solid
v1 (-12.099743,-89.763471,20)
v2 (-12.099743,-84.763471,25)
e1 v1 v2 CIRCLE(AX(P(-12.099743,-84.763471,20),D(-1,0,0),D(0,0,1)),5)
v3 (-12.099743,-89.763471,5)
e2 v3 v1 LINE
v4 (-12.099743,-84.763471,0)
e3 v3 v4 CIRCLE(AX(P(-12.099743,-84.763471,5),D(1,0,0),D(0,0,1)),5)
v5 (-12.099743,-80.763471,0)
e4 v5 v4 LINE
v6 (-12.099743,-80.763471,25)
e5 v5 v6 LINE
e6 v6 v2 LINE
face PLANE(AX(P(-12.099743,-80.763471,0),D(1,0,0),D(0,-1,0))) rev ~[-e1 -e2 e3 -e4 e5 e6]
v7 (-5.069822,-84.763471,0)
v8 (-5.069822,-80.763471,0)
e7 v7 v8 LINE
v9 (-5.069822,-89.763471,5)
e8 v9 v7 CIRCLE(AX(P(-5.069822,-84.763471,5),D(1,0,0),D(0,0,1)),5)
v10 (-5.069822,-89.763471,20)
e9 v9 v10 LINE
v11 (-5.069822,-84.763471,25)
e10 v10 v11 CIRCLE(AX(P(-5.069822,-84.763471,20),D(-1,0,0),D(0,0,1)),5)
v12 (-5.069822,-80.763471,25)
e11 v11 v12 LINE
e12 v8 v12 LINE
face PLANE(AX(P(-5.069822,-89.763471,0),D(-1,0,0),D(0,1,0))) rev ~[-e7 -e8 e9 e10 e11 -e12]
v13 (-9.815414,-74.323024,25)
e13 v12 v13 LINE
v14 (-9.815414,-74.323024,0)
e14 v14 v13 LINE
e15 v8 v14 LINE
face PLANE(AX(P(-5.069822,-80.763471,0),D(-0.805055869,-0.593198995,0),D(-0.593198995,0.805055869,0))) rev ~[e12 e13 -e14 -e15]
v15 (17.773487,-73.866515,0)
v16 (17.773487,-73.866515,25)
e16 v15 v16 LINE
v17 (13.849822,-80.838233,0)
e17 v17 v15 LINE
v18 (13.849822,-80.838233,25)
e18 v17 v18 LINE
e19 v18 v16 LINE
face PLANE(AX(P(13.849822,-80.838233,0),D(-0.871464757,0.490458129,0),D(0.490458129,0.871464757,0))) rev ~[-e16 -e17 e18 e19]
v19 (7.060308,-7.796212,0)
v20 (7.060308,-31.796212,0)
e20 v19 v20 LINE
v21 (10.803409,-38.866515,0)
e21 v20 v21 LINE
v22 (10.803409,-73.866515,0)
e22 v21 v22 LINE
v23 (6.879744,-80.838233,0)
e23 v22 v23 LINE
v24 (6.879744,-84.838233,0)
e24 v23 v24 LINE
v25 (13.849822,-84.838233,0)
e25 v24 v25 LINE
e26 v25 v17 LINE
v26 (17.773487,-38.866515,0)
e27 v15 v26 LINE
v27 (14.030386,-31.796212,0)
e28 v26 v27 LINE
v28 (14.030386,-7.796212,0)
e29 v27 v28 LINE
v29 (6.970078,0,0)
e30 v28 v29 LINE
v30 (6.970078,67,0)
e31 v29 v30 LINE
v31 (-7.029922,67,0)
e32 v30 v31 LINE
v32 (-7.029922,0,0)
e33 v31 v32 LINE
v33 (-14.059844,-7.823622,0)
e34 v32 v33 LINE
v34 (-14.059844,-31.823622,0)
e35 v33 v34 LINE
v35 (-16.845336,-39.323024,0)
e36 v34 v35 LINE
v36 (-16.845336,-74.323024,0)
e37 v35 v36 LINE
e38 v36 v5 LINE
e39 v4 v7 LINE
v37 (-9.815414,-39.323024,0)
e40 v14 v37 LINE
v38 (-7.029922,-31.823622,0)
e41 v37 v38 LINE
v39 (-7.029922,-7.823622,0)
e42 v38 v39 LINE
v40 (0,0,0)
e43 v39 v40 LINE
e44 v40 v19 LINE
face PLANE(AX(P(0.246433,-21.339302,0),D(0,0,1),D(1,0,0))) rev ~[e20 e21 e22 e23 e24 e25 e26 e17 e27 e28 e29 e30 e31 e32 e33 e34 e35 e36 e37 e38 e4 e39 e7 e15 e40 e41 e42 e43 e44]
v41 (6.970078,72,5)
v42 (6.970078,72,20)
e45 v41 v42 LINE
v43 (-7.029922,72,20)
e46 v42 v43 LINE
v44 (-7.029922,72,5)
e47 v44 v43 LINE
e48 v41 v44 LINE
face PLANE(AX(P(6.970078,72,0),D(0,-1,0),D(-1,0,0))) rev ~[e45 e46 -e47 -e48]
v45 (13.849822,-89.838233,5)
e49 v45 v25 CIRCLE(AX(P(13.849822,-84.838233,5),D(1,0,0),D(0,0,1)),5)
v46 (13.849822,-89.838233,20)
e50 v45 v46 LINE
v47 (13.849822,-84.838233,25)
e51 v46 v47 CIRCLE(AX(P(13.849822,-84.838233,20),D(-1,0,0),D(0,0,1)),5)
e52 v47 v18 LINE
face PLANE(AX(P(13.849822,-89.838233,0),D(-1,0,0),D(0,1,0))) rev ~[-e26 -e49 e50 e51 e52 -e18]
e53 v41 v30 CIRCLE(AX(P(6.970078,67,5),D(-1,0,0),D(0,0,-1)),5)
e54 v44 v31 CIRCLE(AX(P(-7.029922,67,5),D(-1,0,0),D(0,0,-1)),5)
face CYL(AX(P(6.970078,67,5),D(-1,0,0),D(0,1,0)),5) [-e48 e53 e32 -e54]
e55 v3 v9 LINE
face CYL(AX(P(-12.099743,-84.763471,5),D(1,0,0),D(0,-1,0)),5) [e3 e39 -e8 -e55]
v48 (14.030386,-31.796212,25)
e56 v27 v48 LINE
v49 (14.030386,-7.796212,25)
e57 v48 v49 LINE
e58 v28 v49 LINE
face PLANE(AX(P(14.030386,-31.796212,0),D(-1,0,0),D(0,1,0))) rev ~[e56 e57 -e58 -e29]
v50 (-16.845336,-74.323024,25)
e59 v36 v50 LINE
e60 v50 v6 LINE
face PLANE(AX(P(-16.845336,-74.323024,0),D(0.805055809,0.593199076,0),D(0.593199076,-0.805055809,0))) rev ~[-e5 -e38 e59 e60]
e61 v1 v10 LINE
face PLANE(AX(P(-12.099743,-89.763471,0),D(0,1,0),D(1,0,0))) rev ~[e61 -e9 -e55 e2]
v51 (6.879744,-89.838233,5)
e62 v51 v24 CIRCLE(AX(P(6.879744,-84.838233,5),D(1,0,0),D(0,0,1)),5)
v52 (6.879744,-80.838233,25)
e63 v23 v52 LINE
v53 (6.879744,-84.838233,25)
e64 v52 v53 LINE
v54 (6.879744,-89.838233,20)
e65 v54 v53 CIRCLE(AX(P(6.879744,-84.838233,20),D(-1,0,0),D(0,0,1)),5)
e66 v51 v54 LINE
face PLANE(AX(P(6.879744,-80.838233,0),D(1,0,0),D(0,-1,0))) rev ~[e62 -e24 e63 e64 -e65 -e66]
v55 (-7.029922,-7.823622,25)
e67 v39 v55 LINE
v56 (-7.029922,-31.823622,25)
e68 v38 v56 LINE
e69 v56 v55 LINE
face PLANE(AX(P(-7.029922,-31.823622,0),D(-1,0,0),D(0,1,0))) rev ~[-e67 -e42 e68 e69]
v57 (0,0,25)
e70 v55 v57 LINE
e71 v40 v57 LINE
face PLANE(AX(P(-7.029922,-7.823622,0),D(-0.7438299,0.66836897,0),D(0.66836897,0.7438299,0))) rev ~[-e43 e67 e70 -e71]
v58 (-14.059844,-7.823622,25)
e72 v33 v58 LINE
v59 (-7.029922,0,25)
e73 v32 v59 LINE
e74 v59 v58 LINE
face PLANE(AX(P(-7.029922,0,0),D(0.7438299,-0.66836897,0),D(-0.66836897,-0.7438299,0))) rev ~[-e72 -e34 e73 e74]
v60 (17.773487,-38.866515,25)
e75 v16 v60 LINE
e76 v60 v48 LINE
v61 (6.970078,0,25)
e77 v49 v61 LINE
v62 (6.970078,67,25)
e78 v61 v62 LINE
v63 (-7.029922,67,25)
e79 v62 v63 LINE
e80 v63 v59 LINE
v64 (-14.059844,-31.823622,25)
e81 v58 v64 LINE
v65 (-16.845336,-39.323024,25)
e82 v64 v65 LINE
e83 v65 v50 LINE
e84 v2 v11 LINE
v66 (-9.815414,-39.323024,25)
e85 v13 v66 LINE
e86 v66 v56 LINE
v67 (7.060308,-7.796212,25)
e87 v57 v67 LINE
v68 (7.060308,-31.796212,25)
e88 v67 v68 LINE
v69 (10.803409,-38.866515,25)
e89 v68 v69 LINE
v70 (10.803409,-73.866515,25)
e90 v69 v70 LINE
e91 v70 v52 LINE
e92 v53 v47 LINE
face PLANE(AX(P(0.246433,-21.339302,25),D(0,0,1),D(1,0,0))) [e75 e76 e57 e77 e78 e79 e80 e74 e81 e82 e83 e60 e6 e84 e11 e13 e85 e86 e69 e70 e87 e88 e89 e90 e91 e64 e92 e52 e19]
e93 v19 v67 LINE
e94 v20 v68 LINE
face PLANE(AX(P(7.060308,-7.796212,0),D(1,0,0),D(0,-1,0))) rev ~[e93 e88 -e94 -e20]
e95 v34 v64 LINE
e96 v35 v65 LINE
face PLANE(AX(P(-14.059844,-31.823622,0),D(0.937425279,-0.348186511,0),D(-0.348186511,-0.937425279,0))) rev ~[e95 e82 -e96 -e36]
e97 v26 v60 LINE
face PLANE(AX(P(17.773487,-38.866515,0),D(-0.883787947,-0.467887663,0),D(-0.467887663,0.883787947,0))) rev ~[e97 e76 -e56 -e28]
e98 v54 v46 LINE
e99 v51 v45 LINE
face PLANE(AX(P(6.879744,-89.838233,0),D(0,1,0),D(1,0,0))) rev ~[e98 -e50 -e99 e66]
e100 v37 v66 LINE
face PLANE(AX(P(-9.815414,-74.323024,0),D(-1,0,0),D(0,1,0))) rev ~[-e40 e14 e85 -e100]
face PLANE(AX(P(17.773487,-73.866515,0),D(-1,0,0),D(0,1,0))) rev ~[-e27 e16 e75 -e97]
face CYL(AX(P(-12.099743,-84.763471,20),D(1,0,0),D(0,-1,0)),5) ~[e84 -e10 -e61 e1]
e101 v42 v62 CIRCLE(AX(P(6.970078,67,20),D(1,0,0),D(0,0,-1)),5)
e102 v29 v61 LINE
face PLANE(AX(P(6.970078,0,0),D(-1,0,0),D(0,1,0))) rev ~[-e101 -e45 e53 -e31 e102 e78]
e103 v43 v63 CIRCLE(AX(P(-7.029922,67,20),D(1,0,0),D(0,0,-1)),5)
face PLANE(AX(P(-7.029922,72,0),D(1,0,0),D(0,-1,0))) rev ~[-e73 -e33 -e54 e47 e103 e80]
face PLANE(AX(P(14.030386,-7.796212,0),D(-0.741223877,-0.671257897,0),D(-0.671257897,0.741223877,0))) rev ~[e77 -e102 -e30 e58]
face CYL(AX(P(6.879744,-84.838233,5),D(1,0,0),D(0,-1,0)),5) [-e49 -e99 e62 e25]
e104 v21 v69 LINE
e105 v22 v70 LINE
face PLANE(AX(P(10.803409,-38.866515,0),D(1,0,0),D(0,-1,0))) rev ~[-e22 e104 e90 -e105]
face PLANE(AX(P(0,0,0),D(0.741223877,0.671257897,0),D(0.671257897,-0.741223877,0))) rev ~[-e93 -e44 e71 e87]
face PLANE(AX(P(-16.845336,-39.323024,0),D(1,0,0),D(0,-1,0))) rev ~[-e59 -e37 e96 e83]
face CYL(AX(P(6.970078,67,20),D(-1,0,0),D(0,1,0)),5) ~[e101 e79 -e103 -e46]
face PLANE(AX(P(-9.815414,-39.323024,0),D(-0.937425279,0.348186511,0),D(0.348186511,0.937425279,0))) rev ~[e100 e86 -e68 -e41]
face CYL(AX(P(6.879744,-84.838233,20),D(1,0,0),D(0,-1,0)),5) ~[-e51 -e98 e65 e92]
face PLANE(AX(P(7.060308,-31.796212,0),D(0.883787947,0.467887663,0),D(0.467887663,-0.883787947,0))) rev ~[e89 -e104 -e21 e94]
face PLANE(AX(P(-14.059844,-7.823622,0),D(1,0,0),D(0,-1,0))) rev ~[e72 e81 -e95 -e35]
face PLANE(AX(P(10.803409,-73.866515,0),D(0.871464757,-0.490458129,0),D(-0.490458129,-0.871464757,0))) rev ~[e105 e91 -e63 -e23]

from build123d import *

# Parameters (mm, degrees)
F1_DEPTH = 25
F2_R     = 5


with BuildPart() as f1:
    # F0 (on Top) → F1 (new body)
    with BuildSketch(Plane.XY):
        Polygon((6.970078, 72), (-7.029922, 72), (-7.029922, 0), (-14.059844, -7.823622), (-14.059844, -31.823622), (-16.845336, -39.323024), (-16.845336, -74.323024), (-12.099743, -80.763471), (-12.099743, -89.763471), (-5.069822, -89.763471), (-5.069822, -80.763471), (-9.815414, -74.323024), (-9.815414, -39.323024), (-7.029922, -31.823622), (-7.029922, -7.823622), (0, 0), (7.060308, -7.796212), (7.060308, -31.796212), (10.803409, -38.866515), (10.803409, -73.866515), (6.879744, -80.838233), (6.879744, -89.838233), (13.849822, -89.838233), (13.849822, -80.838233), (17.773487, -73.866515), (17.773487, -38.866515), (14.030386, -31.796212), (14.030386, -7.796212), (6.970078, 0), align=None)
    extrude(amount=F1_DEPTH)

    # F2
    f2_edges = [f1.edges().sort_by_distance(p)[0] for p in [
        (-0.029922, 72, 25),
        (-0.029922, 72, 0),
        (-8.584782, -89.763471, 0),
        (10.364783, -89.838233, 0),
        (-8.584782, -89.763471, 25),
        (10.364783, -89.838233, 25),
    ]]
    fillet(f2_edges, radius=F2_R)


solid = f1.part
